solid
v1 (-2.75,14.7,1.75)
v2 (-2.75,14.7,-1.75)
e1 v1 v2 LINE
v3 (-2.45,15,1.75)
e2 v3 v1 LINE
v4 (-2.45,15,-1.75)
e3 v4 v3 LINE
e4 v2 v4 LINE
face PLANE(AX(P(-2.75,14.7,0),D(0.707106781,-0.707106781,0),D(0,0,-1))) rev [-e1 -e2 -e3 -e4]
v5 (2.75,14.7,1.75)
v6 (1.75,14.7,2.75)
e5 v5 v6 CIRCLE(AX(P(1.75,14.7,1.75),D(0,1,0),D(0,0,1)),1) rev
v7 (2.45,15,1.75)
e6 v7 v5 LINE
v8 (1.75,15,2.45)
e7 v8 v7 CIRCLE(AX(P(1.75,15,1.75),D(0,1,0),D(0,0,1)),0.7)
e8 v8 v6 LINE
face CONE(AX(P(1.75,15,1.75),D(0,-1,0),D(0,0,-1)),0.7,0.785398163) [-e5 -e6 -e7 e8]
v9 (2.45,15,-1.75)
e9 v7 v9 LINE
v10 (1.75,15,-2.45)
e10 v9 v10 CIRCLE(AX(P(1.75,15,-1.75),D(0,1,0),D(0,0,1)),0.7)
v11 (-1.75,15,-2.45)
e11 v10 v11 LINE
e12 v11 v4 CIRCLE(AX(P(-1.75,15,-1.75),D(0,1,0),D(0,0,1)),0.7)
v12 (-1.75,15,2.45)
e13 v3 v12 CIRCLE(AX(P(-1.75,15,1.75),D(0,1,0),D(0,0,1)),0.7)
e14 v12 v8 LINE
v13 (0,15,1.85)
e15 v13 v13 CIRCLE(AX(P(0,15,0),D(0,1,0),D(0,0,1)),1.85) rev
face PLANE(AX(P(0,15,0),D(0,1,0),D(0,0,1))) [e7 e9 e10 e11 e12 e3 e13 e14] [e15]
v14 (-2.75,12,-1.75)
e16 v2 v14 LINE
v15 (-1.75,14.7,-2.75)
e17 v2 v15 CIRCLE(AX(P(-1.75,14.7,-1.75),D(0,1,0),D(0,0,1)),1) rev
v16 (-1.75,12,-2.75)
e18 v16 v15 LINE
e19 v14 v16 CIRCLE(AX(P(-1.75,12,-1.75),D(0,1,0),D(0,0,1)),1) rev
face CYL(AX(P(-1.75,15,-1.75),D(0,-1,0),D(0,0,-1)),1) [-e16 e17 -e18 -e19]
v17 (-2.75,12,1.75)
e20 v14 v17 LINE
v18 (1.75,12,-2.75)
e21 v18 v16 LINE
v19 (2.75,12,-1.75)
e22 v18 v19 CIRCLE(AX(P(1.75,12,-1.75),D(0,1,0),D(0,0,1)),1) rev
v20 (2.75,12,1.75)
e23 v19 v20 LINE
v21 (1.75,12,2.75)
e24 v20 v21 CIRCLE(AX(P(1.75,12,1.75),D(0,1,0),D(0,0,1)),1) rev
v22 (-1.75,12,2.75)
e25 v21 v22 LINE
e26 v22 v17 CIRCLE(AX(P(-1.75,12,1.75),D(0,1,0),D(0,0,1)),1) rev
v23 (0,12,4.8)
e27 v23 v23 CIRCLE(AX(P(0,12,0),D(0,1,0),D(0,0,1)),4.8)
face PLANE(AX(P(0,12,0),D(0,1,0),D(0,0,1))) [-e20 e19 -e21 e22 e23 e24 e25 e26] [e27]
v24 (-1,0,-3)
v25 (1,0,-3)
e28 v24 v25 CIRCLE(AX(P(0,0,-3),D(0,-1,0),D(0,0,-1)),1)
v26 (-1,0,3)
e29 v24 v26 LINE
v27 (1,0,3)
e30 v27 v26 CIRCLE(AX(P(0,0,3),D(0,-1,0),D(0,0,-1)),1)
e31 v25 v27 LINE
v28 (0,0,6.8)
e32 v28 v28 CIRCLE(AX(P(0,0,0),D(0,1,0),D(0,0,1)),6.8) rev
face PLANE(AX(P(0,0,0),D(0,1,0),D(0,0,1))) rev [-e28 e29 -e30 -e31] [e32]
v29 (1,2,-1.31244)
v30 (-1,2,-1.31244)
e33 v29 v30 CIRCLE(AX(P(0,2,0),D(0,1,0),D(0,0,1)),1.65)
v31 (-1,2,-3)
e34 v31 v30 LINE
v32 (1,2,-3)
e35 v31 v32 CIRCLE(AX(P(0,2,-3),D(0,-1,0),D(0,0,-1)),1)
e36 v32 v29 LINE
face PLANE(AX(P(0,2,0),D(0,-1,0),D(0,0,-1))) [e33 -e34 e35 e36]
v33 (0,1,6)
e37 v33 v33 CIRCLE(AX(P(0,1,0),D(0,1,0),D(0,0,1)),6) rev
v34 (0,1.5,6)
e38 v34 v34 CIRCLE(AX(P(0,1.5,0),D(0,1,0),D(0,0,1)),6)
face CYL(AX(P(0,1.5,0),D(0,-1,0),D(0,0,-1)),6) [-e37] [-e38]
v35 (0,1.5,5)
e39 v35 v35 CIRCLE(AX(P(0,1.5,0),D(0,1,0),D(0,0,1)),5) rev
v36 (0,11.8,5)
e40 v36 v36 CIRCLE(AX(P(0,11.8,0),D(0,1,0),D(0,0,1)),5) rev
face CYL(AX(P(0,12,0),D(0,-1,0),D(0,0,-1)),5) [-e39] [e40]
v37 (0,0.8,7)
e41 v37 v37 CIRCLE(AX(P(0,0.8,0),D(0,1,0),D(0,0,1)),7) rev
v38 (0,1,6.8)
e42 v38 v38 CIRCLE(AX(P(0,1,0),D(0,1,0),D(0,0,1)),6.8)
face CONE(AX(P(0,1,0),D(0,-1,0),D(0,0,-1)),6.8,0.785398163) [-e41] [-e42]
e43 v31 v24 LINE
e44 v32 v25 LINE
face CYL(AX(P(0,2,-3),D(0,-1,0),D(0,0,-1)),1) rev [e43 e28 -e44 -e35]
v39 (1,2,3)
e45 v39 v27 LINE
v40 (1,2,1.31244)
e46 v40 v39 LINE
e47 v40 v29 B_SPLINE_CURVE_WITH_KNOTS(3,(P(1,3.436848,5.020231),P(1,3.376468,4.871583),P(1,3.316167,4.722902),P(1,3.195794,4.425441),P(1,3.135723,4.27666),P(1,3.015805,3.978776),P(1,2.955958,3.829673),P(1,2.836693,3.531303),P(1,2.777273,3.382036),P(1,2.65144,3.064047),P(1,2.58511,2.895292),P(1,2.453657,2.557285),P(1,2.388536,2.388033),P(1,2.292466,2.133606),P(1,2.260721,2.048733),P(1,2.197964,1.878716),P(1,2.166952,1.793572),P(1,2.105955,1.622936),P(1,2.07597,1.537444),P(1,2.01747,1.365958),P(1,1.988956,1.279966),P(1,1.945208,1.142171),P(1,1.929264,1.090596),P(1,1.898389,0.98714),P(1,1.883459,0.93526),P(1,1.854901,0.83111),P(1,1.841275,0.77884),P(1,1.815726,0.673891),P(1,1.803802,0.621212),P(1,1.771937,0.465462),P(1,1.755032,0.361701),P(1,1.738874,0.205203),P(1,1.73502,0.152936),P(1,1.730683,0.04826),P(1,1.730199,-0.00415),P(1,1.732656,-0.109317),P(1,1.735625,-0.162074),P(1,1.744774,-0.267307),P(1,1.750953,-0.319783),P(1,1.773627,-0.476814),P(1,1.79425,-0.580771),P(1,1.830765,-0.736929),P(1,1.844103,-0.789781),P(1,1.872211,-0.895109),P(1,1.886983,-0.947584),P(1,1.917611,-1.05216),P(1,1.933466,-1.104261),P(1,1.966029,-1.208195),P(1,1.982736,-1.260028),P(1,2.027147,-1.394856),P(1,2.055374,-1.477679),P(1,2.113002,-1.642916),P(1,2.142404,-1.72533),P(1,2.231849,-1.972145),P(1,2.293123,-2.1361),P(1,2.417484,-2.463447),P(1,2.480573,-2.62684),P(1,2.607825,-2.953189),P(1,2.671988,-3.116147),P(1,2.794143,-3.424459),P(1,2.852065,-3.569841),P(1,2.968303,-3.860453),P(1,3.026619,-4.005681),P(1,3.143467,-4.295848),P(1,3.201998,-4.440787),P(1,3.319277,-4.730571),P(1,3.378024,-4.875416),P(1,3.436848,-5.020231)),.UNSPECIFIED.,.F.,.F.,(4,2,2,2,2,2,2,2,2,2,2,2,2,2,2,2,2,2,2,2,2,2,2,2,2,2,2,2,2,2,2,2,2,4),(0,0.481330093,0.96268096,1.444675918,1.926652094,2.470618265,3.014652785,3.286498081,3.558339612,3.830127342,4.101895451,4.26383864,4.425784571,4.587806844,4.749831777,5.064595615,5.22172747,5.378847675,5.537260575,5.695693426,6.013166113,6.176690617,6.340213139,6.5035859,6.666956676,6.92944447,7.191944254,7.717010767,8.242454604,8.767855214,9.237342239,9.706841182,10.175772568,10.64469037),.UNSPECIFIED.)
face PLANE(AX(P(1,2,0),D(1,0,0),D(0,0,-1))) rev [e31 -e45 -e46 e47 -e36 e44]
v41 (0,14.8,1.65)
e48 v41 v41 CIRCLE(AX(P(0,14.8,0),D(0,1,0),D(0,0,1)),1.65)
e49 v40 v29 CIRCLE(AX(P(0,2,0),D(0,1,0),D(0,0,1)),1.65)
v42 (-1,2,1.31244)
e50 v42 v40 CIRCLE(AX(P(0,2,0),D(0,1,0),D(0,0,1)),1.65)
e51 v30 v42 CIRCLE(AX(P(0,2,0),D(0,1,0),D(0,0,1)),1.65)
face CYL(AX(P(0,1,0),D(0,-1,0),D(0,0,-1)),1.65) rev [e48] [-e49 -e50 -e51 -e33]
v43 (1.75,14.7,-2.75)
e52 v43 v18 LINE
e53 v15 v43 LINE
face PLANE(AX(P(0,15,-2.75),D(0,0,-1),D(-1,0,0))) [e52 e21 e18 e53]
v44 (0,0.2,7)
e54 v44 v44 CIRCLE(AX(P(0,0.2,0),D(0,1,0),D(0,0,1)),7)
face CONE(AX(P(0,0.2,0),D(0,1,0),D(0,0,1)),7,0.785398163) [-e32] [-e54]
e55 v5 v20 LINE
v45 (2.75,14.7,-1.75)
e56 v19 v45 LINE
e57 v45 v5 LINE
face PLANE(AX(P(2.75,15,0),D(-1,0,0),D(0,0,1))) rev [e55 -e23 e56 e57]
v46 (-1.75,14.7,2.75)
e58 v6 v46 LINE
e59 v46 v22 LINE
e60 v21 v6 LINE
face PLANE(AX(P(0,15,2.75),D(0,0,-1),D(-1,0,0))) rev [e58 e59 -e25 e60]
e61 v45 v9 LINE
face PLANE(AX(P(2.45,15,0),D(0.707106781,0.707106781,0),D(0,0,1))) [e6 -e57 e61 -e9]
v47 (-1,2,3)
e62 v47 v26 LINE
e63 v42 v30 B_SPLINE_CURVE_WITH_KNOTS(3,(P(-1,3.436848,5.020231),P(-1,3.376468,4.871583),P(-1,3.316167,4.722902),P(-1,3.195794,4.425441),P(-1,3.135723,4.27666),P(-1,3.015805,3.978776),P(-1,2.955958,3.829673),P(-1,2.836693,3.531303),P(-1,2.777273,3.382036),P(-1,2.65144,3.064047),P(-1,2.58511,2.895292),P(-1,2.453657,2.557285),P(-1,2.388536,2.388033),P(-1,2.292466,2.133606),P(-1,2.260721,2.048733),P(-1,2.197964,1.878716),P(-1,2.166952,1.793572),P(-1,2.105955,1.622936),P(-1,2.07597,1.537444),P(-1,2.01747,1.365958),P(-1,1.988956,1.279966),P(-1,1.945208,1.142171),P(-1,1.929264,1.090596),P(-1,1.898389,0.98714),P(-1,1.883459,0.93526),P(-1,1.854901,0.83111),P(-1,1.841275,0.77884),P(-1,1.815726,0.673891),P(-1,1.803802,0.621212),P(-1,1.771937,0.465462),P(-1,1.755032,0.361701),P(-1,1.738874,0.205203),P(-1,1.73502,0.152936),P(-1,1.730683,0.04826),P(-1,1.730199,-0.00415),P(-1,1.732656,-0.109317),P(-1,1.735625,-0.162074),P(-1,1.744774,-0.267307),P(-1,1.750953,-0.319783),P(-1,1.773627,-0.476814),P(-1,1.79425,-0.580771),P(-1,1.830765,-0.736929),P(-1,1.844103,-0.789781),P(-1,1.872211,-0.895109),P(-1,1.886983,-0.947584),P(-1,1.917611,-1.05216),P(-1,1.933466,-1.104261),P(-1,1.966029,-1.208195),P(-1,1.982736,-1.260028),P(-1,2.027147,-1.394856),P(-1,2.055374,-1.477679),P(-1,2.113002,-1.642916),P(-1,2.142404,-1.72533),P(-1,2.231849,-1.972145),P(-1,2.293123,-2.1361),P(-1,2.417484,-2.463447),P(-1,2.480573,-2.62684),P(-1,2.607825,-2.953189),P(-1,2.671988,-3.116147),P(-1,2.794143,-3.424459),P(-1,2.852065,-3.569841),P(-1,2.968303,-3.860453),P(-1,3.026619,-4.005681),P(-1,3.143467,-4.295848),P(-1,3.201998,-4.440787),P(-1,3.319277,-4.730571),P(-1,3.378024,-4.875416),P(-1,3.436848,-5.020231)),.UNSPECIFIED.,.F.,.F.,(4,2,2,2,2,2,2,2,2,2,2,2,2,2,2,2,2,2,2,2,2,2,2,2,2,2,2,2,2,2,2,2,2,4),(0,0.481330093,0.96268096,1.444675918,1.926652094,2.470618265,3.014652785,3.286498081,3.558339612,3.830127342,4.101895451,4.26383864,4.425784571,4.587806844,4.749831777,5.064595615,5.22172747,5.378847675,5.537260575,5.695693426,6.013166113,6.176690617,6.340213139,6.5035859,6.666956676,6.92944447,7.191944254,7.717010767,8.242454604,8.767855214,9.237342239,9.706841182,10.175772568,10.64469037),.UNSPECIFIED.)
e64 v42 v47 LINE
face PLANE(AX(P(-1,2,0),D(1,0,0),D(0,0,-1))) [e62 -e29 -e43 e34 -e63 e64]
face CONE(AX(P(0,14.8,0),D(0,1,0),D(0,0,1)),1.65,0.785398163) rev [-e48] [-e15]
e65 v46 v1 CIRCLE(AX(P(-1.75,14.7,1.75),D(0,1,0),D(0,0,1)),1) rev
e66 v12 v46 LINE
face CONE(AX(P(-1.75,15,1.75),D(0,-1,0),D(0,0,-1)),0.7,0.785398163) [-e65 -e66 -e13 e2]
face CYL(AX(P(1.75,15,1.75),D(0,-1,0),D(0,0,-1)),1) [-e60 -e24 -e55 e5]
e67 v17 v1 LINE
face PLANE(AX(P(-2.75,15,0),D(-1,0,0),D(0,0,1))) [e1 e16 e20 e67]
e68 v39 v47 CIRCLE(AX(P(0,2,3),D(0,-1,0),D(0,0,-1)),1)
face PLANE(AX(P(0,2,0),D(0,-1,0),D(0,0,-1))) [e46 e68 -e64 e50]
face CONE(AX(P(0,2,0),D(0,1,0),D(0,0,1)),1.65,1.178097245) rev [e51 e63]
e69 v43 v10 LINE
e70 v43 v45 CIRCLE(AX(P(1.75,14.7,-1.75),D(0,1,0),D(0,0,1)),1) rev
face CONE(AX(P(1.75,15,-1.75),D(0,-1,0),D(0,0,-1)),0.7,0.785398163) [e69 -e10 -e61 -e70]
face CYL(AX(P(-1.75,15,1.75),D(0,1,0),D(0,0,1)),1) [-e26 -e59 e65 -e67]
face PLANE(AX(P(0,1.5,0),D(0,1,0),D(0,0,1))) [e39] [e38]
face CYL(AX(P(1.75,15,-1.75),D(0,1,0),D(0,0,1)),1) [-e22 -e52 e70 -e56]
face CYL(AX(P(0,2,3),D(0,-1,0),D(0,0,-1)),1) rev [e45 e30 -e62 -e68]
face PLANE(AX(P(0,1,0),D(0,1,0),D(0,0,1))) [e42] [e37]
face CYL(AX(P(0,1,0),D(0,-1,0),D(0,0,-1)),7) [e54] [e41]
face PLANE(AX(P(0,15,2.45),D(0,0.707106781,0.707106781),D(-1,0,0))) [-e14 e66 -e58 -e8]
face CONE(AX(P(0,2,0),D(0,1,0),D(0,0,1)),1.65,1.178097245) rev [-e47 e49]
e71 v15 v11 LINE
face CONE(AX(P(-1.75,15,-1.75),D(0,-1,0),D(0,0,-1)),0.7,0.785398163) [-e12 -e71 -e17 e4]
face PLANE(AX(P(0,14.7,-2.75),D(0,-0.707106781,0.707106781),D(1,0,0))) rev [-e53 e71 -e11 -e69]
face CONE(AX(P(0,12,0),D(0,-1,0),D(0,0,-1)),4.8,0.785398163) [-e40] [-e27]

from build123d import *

# Parameters (mm, degrees)
SKETCH_1_R          = 7
SKETCH_1_R_2        = 1.65
EXTRUDE_1_DEPTH     = 1
SKETCH_1_4_R        = 6
SKETCH_1_4_R_2      = 1.65
EXTRUDE_2_DEPTH     = 1.5
SKETCH_1_5_R        = 5
SKETCH_1_5_R_2      = 1.65
EXTRUDE_3_DEPTH     = 12
EXTRUDE_START       = 2
SKETCH_1_6_R        = 4.25
SKETCH_1_6_W        = 5.5
SKETCH_1_6_H        = 5.5
EXTRUDE_4_DEPTH     = 10
SKETCH_1_7_W        = 5.5
SKETCH_1_7_H        = 5.5
SKETCH_1_7_R        = 1.65
EXTRUDE_5_DEPTH     = 13
SKETCH_1_8_R        = 1.65
EXTRUDE_6_DEPTH     = 2
CUT_EXTRUDE_1_DEPTH = 2
FILLET_1_R          = 1
CHAMFER_1_SIZE      = 0.2
CHAMFER_2_SIZE      = 0.3


with BuildPart() as part:
    # 스케치1 → 보스-돌출1 (new body)
    with BuildSketch(Plane(origin=(0, 0, 0), x_dir=(1, 0, 0), z_dir=(0, 1, 0))):
        Circle(SKETCH_1_R)
        Circle(SKETCH_1_R_2, mode=Mode.SUBTRACT)
    extrude(amount=EXTRUDE_1_DEPTH)

    # 스케치1<4> → 보스-돌출2 (add)
    with BuildSketch(Plane(origin=(0, 0, 0), x_dir=(1, 0, 0), z_dir=(0, 1, 0))):
        Circle(SKETCH_1_4_R)
        Circle(SKETCH_1_4_R_2, mode=Mode.SUBTRACT)
    extrude(amount=EXTRUDE_2_DEPTH)

    # 스케치1<5> → 보스-돌출3 (add)
    with BuildSketch(Plane(origin=(0, 0, 0), x_dir=(1, 0, 0), z_dir=(0, 1, 0))):
        Circle(SKETCH_1_5_R)
        Circle(SKETCH_1_5_R_2, mode=Mode.SUBTRACT)
    extrude(amount=EXTRUDE_3_DEPTH)

    # 스케치1<6> → 보스-돌출4 (add)
    with BuildSketch(Plane(origin=(0, 0, 0), x_dir=(1, 0, 0), z_dir=(0, 1, 0)).offset(EXTRUDE_START)):
        Circle(SKETCH_1_6_R)
        Rectangle(SKETCH_1_6_W, SKETCH_1_6_H, mode=Mode.SUBTRACT)
    extrude(amount=EXTRUDE_4_DEPTH)

    # 스케치1<7> → 보스-돌출5 (add)
    with BuildSketch(Plane(origin=(0, 0, 0), x_dir=(1, 0, 0), z_dir=(0, 1, 0)).offset(EXTRUDE_START)):
        Rectangle(SKETCH_1_7_W, SKETCH_1_7_H)
        Circle(SKETCH_1_7_R, mode=Mode.SUBTRACT)
    extrude(amount=EXTRUDE_5_DEPTH)

    # 스케치1<8> → 보스-돌출6 (add)
    with BuildSketch(Plane(origin=(0, 0, 0), x_dir=(1, 0, 0), z_dir=(0, 1, 0))):
        Circle(SKETCH_1_8_R)
    extrude(amount=EXTRUDE_6_DEPTH)

    # 스케치2 → 컷-돌출1 (cut)
    with BuildSketch(Plane.XZ):
        with BuildLine():
            ThreePointArc((-1, -3), (0, -4), (1, -3))
            Line((1, -3), (1, 3))
            ThreePointArc((1, 3), (0, 4), (-1, 3))
            Line((-1, 3), (-1, -3))
        make_face()
    extrude(amount=-CUT_EXTRUDE_1_DEPTH, mode=Mode.SUBTRACT)

    # 필렛1
    fillet_1_edges = [part.edges().sort_by_distance(p)[0] for p in [
        (2.75, 13.5, 2.75),
        (2.75, 13.5, -2.75),
        (-2.75, 13.5, -2.75),
        (-2.75, 13.5, 2.75),
    ]]
    fillet(fillet_1_edges, radius=FILLET_1_R)

    # 모따기1
    chamfer_1_edges = [part.edges().sort_by_distance(p)[0] for p in [
        (-5, 12, 0),
        (-7, 1, 0),
        (-7, 0, 0),
        (-1.65, 15, 0),
    ]]
    chamfer(chamfer_1_edges, length=CHAMFER_1_SIZE)

    # 모따기2
    chamfer_2_edges = [part.edges().sort_by_distance(p)[0] for p in [
        (2.75, 15, 0),
        (0, 15, 2.75),
        (-2.75, 15, 0),
        (0, 15, -2.75),
        (-2.457106781, 15, 2.457106781),
        (2.457106781, 15, 2.457106781),
        (-2.457106781, 15, -2.457106781),
        (2.457106781, 15, -2.457106781),
    ]]
    chamfer(chamfer_2_edges, length=CHAMFER_2_SIZE)

    # 스케치3 → 컷-회전1 (revolve, cut)
    with BuildSketch(Plane(origin=(0, 0, 0), x_dir=(0, 0, -1), z_dir=(1, 0, 0))):
        Polygon((0, 1.316547622), (0, 2), (-1.65, 2), align=None)
    revolve(axis=Axis((0, 11.8, 0), (0, -1, 0)), mode=Mode.SUBTRACT)


solid = part.part
